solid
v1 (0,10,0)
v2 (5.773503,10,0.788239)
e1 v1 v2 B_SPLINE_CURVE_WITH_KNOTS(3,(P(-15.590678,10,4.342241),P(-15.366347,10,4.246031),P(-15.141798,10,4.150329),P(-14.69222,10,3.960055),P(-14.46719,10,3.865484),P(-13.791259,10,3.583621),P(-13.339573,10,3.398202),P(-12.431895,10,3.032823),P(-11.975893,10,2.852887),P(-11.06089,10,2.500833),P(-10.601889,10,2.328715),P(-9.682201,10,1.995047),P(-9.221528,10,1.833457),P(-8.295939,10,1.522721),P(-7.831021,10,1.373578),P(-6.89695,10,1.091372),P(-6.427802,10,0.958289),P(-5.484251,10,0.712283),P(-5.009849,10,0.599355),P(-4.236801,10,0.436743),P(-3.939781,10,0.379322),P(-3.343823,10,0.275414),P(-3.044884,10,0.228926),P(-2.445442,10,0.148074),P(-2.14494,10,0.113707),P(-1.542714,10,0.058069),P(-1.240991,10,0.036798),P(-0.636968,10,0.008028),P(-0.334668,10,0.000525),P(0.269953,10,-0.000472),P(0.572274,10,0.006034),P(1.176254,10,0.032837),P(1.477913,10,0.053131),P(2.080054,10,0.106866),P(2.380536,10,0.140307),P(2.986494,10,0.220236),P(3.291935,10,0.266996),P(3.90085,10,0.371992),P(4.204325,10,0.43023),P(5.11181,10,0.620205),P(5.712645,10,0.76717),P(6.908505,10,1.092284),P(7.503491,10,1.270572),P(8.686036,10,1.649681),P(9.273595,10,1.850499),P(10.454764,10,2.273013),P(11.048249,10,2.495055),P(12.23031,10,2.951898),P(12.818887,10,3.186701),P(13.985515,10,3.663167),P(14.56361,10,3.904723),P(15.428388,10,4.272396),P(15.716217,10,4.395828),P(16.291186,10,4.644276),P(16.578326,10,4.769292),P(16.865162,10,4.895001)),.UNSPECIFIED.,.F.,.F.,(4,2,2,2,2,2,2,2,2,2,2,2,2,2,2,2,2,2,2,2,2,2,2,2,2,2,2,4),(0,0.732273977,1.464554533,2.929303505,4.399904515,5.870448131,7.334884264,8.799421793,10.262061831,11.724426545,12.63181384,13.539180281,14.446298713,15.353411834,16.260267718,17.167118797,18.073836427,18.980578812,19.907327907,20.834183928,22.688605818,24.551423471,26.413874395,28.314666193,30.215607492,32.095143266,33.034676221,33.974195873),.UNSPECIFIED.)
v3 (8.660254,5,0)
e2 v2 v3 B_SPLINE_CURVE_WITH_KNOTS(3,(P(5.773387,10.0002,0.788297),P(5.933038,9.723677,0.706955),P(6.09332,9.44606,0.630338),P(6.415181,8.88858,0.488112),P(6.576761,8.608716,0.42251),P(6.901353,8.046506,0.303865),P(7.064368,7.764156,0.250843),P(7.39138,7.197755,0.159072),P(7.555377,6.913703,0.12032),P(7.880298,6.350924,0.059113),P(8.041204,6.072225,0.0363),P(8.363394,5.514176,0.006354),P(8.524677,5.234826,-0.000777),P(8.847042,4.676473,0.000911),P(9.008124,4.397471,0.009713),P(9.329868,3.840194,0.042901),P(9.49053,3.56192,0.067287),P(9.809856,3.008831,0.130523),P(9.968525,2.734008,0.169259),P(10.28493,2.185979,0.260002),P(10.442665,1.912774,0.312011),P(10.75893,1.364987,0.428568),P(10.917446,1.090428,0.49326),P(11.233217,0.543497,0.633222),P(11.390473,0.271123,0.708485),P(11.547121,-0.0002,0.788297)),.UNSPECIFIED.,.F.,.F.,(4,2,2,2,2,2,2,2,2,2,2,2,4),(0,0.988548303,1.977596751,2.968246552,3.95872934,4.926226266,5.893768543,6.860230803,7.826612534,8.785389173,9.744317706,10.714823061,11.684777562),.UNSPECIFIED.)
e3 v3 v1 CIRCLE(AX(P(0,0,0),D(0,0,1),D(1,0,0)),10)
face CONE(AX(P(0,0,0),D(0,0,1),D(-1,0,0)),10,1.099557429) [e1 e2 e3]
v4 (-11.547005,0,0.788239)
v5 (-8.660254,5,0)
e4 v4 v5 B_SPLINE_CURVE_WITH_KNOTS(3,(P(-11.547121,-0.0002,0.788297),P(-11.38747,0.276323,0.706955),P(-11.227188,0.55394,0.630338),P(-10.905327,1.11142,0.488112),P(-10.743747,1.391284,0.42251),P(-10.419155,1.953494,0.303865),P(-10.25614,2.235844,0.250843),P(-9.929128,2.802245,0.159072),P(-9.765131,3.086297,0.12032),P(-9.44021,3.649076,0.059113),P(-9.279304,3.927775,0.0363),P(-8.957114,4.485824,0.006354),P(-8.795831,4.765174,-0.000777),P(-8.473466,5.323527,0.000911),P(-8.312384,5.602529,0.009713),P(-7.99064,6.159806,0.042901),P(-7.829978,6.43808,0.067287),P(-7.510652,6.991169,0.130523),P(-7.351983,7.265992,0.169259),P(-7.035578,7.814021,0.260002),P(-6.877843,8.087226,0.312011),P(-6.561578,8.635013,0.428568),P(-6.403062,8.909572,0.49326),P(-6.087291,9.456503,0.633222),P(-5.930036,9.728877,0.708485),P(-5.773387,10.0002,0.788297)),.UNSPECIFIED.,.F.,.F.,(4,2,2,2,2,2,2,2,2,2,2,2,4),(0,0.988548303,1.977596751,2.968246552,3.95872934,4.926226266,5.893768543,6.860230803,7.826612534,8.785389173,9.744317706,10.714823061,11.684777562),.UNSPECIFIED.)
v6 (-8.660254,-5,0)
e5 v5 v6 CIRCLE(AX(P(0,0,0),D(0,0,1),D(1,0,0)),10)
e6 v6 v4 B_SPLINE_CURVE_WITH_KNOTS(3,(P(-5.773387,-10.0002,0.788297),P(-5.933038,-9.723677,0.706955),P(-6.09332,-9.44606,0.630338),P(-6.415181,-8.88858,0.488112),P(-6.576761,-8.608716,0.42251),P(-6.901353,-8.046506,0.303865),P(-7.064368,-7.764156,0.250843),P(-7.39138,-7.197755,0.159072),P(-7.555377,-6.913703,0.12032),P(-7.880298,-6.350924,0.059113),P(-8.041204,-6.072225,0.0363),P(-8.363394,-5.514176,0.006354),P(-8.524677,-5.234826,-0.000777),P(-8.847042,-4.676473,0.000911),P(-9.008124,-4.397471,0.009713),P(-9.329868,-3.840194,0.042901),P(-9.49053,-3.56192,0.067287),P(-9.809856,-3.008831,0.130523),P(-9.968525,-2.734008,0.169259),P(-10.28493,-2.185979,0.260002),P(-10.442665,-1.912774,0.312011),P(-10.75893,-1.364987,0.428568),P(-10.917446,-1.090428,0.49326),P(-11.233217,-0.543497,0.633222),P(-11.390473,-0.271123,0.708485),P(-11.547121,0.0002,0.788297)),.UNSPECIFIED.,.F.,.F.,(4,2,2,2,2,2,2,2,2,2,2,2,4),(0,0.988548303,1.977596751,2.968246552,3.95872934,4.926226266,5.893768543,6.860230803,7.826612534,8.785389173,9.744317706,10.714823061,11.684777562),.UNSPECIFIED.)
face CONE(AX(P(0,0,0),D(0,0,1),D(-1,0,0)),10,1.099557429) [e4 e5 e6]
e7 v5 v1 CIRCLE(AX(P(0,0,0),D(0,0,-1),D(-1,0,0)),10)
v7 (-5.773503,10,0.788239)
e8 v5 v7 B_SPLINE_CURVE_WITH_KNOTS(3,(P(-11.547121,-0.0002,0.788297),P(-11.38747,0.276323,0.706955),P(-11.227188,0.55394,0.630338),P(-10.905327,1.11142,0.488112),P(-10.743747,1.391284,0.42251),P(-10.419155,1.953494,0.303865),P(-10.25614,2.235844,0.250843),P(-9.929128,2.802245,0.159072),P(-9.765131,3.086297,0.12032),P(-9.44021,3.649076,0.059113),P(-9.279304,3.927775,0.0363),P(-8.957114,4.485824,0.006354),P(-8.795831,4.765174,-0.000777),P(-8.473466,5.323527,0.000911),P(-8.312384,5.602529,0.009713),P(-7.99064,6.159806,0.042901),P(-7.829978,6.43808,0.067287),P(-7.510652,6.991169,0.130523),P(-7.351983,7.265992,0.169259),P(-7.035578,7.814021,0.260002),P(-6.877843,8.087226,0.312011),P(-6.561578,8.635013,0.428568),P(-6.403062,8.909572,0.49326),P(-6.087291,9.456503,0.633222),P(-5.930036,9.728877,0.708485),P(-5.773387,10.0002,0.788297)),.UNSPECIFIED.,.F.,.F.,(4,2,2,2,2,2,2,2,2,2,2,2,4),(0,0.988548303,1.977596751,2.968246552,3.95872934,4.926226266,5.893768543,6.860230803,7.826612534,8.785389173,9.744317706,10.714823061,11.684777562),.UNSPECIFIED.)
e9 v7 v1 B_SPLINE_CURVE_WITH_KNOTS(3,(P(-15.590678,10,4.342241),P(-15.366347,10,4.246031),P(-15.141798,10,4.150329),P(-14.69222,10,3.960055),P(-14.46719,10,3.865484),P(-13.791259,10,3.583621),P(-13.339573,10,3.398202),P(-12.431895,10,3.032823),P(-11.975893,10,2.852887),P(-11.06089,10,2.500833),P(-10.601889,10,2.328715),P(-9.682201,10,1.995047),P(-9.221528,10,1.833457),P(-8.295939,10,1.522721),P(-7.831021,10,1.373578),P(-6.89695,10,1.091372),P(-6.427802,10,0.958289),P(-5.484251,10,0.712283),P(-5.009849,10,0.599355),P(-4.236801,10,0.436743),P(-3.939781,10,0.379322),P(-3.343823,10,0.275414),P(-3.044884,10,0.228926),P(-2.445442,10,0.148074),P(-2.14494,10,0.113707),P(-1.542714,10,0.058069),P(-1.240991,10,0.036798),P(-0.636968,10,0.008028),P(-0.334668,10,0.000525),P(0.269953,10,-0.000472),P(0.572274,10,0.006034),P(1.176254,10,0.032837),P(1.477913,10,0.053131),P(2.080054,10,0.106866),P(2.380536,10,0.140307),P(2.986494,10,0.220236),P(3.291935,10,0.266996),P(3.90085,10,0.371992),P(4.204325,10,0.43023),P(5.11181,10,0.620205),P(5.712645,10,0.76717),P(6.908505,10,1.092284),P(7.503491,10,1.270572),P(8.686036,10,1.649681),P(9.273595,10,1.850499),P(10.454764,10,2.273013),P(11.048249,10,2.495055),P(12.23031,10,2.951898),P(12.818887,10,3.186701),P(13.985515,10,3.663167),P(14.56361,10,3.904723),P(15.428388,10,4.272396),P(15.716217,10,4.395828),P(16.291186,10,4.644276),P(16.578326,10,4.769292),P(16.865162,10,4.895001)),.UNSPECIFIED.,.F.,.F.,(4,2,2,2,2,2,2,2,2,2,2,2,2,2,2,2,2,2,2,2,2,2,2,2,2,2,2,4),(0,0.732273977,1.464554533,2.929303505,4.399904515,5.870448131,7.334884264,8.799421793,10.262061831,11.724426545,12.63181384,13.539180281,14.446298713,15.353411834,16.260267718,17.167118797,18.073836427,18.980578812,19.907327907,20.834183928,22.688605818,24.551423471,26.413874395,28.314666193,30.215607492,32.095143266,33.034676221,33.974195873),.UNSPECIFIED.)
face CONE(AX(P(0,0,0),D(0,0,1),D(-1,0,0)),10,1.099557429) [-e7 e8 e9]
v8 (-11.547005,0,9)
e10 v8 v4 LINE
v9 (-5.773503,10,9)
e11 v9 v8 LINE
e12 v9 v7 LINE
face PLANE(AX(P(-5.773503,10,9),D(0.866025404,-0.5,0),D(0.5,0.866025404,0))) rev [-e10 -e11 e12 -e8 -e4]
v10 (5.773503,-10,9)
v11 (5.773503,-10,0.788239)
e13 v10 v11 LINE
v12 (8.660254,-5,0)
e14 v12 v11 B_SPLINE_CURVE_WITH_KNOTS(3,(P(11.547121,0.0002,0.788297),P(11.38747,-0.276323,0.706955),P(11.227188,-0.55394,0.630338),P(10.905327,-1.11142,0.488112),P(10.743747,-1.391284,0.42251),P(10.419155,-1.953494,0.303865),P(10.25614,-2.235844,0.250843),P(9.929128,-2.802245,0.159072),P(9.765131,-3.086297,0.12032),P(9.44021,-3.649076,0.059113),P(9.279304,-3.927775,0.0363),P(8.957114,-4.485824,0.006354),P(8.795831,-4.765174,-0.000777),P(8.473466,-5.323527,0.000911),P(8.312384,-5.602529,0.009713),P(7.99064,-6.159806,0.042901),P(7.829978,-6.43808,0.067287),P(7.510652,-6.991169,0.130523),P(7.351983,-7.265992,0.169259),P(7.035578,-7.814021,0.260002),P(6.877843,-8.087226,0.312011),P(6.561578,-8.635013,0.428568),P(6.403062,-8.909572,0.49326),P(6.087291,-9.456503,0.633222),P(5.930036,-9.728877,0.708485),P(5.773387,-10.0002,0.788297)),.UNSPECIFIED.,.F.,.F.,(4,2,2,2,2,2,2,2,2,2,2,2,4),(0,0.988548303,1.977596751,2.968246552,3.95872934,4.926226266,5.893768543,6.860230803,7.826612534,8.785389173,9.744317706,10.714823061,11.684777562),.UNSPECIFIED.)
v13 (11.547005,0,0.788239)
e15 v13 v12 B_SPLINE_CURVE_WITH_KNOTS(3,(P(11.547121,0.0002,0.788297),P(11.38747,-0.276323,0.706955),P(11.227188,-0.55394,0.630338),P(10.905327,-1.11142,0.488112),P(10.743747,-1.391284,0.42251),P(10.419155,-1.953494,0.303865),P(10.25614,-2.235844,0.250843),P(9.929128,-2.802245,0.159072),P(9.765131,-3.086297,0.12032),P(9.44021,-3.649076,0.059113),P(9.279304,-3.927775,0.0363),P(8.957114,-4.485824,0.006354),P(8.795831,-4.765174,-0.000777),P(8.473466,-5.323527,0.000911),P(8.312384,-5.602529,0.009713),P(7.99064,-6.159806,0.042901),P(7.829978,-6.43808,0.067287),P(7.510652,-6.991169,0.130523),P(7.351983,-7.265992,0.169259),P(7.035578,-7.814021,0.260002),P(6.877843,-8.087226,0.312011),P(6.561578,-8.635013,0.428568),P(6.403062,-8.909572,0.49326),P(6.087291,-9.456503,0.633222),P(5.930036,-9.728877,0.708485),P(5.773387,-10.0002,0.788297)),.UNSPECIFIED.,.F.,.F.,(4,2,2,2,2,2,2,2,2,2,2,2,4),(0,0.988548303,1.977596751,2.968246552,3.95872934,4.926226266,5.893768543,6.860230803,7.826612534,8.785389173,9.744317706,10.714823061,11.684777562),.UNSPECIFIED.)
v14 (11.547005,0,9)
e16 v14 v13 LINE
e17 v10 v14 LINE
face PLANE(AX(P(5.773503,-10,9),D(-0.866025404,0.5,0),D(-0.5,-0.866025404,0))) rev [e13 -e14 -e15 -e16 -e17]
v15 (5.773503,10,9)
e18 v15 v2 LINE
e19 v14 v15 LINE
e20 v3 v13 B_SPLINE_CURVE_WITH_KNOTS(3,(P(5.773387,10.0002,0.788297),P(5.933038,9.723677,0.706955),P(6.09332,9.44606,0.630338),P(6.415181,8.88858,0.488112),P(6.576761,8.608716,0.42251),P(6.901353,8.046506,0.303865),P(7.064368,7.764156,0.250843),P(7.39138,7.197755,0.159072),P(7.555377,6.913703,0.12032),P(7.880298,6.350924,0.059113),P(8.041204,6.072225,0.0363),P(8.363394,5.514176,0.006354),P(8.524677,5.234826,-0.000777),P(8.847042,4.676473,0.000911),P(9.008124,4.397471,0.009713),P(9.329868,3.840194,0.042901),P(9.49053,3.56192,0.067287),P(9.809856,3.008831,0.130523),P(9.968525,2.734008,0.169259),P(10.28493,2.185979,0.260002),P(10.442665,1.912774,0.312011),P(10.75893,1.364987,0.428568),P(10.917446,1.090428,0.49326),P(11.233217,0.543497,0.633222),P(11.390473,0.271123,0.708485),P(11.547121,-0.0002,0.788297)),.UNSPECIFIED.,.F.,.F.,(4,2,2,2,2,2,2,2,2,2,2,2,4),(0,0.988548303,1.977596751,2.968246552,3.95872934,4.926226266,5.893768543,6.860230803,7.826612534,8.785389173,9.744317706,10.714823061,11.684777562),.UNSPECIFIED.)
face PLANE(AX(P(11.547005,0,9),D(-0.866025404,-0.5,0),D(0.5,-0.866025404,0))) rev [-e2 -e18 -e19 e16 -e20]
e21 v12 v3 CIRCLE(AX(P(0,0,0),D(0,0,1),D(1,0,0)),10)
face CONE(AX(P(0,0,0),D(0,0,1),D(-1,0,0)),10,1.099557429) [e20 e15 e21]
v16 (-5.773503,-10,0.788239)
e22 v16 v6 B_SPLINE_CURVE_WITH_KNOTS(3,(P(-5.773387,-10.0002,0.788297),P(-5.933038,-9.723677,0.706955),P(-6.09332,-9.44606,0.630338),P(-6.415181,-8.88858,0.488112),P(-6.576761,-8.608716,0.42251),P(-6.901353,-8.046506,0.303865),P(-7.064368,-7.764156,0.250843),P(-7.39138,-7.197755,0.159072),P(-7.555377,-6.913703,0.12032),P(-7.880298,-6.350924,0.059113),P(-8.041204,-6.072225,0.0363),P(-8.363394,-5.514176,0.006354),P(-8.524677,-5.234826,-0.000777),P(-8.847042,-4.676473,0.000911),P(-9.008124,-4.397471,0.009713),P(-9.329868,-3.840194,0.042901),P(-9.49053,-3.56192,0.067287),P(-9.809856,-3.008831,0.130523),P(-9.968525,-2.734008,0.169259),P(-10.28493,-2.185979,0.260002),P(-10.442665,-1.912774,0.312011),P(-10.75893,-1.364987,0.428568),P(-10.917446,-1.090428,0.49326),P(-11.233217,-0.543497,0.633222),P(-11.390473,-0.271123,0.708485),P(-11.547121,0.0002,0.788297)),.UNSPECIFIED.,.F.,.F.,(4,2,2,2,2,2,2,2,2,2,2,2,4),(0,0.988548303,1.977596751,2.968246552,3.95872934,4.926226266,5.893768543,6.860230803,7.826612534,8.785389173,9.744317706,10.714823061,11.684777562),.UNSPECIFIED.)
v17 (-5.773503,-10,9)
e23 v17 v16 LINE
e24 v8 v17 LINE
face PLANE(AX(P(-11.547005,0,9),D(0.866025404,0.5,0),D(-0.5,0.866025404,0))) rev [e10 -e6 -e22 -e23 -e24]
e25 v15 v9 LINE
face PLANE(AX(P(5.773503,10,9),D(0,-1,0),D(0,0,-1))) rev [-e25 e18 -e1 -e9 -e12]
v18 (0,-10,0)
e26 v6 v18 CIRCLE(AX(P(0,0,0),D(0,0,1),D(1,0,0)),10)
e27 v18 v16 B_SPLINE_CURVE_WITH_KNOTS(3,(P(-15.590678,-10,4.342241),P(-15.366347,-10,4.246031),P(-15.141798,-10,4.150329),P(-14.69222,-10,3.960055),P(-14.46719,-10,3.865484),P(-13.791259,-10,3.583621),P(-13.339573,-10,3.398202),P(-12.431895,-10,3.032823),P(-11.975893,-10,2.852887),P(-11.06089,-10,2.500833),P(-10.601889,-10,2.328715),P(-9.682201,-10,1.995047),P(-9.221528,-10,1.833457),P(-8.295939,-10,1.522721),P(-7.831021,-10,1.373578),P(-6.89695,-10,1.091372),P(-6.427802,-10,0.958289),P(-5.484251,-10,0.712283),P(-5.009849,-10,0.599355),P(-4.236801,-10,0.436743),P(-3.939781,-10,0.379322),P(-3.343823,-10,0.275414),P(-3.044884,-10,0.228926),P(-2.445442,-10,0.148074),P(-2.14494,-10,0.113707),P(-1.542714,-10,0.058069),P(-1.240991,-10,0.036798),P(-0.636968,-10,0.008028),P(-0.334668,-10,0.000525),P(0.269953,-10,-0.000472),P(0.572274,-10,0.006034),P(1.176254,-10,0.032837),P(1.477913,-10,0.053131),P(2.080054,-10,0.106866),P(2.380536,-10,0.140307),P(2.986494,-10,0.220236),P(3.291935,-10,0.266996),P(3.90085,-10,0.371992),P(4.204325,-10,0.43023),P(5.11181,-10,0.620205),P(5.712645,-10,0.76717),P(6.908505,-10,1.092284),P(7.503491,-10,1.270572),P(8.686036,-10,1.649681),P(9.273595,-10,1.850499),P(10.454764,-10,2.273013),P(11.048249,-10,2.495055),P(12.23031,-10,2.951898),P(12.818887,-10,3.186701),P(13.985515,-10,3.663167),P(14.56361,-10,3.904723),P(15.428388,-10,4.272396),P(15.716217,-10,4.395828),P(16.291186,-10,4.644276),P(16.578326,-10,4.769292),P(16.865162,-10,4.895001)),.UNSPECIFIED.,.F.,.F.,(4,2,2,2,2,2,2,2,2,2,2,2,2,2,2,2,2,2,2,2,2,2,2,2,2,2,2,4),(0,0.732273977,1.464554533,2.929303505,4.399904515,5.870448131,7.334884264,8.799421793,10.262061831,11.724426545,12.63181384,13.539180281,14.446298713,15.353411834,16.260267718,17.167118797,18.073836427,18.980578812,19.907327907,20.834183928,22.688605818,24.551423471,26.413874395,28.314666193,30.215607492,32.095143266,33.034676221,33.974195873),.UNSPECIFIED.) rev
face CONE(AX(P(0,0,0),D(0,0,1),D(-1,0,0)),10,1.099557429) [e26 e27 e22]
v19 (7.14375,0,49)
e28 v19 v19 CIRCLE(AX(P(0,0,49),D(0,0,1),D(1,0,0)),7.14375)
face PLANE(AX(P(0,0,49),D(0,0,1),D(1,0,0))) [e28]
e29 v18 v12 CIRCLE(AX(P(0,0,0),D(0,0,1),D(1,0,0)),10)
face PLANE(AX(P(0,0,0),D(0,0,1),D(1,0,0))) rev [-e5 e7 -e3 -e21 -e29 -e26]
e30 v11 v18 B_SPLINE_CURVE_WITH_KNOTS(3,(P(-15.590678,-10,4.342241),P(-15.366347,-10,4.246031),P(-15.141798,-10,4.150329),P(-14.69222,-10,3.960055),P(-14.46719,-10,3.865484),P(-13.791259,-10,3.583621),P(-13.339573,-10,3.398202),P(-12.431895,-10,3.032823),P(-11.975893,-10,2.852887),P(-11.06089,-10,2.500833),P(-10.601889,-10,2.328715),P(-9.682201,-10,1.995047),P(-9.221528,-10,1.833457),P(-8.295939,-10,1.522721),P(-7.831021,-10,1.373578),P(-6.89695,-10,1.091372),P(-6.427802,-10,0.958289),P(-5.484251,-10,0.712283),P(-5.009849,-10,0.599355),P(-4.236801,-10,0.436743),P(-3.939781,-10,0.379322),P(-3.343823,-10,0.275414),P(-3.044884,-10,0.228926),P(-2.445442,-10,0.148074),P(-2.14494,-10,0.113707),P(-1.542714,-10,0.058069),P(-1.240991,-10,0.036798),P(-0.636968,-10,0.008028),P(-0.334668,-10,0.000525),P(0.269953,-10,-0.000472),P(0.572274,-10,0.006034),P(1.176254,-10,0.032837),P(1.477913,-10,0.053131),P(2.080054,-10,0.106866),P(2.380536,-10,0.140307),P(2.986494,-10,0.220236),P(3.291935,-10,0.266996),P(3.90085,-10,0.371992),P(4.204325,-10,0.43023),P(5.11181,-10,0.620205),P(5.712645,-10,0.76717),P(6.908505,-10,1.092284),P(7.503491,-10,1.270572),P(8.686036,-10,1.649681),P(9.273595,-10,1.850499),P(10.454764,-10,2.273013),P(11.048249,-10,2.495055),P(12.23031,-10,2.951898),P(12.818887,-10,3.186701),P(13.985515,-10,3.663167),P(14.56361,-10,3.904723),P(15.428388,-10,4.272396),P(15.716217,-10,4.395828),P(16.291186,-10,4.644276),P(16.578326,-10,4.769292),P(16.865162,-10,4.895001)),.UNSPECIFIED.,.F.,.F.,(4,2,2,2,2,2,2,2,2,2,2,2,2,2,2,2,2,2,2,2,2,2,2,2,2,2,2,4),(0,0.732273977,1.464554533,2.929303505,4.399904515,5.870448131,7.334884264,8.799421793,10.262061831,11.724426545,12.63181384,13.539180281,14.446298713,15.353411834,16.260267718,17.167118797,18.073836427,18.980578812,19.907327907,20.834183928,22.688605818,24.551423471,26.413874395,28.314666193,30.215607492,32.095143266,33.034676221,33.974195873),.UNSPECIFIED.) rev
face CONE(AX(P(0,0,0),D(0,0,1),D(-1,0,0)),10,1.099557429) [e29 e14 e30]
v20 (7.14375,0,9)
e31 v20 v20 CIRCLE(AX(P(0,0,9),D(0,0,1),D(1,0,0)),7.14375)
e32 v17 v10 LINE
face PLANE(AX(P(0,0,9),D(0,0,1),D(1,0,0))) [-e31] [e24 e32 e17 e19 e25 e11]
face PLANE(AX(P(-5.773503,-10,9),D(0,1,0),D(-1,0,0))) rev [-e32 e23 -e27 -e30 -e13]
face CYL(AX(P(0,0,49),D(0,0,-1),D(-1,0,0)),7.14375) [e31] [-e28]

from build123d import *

# Parameters (mm, degrees)
SALIENTE_EXTRUIR1_DEPTH = 9
CROQUIS2_R              = 7.14375
SALIENTE_EXTRUIR2_DEPTH = 40
CROQUIS3_R              = 25.754458297
CROQUIS3_R_2            = 10
CORTAR_EXTRUIR1_DEPTH   = 3
CORTAR_EXTRUIR1_DRAFT   = -63


with BuildPart() as part:
    # Croquis1 → Saliente-Extruir1 (new body)
    with BuildSketch(Plane.XY):
        Polygon((11.547005384, 0), (5.773502692, 10), (-5.773502692, 10), (-11.547005384, 0), (-5.773502692, -10), (5.773502692, -10), align=None)
    extrude(amount=SALIENTE_EXTRUIR1_DEPTH)

    # Croquis2 → Saliente-Extruir2 (add)
    with BuildSketch(Plane.XY.offset(9)):
        Circle(CROQUIS2_R)
    extrude(amount=SALIENTE_EXTRUIR2_DEPTH)


with BuildPart() as cortar_extruir1_tool:
    # Croquis3 → Cortar-Extruir1 (with draft: the straight prism first)
    with BuildSketch(Plane(origin=(0, 0, 0), x_dir=(-1, 0, 0), z_dir=(0, 0, -1))):
        Circle(CROQUIS3_R)
        Circle(CROQUIS3_R_2, mode=Mode.SUBTRACT)
    extrude(amount=-CORTAR_EXTRUIR1_DEPTH)
    # Cortar-Extruir1: the draft: its side faces are tilted about the plane it starts from
    cortar_extruir1_sides = [cortar_extruir1_tool.faces().sort_by_distance(p)[0] for p in [
        (25.754458297, 0, 1.5),
        (10, 0, 1.5),
    ]]
    draft(cortar_extruir1_sides, Plane(origin=(0, 0, 0), x_dir=(-1, 0, 0), z_dir=(0, 0, -1)), CORTAR_EXTRUIR1_DRAFT)


with BuildPart() as part_1:
    add(part.part)

    # Cortar-Extruir1: cut by cortar_extruir1_tool
    add(cortar_extruir1_tool.part, mode=Mode.SUBTRACT)


solid = part_1.part
